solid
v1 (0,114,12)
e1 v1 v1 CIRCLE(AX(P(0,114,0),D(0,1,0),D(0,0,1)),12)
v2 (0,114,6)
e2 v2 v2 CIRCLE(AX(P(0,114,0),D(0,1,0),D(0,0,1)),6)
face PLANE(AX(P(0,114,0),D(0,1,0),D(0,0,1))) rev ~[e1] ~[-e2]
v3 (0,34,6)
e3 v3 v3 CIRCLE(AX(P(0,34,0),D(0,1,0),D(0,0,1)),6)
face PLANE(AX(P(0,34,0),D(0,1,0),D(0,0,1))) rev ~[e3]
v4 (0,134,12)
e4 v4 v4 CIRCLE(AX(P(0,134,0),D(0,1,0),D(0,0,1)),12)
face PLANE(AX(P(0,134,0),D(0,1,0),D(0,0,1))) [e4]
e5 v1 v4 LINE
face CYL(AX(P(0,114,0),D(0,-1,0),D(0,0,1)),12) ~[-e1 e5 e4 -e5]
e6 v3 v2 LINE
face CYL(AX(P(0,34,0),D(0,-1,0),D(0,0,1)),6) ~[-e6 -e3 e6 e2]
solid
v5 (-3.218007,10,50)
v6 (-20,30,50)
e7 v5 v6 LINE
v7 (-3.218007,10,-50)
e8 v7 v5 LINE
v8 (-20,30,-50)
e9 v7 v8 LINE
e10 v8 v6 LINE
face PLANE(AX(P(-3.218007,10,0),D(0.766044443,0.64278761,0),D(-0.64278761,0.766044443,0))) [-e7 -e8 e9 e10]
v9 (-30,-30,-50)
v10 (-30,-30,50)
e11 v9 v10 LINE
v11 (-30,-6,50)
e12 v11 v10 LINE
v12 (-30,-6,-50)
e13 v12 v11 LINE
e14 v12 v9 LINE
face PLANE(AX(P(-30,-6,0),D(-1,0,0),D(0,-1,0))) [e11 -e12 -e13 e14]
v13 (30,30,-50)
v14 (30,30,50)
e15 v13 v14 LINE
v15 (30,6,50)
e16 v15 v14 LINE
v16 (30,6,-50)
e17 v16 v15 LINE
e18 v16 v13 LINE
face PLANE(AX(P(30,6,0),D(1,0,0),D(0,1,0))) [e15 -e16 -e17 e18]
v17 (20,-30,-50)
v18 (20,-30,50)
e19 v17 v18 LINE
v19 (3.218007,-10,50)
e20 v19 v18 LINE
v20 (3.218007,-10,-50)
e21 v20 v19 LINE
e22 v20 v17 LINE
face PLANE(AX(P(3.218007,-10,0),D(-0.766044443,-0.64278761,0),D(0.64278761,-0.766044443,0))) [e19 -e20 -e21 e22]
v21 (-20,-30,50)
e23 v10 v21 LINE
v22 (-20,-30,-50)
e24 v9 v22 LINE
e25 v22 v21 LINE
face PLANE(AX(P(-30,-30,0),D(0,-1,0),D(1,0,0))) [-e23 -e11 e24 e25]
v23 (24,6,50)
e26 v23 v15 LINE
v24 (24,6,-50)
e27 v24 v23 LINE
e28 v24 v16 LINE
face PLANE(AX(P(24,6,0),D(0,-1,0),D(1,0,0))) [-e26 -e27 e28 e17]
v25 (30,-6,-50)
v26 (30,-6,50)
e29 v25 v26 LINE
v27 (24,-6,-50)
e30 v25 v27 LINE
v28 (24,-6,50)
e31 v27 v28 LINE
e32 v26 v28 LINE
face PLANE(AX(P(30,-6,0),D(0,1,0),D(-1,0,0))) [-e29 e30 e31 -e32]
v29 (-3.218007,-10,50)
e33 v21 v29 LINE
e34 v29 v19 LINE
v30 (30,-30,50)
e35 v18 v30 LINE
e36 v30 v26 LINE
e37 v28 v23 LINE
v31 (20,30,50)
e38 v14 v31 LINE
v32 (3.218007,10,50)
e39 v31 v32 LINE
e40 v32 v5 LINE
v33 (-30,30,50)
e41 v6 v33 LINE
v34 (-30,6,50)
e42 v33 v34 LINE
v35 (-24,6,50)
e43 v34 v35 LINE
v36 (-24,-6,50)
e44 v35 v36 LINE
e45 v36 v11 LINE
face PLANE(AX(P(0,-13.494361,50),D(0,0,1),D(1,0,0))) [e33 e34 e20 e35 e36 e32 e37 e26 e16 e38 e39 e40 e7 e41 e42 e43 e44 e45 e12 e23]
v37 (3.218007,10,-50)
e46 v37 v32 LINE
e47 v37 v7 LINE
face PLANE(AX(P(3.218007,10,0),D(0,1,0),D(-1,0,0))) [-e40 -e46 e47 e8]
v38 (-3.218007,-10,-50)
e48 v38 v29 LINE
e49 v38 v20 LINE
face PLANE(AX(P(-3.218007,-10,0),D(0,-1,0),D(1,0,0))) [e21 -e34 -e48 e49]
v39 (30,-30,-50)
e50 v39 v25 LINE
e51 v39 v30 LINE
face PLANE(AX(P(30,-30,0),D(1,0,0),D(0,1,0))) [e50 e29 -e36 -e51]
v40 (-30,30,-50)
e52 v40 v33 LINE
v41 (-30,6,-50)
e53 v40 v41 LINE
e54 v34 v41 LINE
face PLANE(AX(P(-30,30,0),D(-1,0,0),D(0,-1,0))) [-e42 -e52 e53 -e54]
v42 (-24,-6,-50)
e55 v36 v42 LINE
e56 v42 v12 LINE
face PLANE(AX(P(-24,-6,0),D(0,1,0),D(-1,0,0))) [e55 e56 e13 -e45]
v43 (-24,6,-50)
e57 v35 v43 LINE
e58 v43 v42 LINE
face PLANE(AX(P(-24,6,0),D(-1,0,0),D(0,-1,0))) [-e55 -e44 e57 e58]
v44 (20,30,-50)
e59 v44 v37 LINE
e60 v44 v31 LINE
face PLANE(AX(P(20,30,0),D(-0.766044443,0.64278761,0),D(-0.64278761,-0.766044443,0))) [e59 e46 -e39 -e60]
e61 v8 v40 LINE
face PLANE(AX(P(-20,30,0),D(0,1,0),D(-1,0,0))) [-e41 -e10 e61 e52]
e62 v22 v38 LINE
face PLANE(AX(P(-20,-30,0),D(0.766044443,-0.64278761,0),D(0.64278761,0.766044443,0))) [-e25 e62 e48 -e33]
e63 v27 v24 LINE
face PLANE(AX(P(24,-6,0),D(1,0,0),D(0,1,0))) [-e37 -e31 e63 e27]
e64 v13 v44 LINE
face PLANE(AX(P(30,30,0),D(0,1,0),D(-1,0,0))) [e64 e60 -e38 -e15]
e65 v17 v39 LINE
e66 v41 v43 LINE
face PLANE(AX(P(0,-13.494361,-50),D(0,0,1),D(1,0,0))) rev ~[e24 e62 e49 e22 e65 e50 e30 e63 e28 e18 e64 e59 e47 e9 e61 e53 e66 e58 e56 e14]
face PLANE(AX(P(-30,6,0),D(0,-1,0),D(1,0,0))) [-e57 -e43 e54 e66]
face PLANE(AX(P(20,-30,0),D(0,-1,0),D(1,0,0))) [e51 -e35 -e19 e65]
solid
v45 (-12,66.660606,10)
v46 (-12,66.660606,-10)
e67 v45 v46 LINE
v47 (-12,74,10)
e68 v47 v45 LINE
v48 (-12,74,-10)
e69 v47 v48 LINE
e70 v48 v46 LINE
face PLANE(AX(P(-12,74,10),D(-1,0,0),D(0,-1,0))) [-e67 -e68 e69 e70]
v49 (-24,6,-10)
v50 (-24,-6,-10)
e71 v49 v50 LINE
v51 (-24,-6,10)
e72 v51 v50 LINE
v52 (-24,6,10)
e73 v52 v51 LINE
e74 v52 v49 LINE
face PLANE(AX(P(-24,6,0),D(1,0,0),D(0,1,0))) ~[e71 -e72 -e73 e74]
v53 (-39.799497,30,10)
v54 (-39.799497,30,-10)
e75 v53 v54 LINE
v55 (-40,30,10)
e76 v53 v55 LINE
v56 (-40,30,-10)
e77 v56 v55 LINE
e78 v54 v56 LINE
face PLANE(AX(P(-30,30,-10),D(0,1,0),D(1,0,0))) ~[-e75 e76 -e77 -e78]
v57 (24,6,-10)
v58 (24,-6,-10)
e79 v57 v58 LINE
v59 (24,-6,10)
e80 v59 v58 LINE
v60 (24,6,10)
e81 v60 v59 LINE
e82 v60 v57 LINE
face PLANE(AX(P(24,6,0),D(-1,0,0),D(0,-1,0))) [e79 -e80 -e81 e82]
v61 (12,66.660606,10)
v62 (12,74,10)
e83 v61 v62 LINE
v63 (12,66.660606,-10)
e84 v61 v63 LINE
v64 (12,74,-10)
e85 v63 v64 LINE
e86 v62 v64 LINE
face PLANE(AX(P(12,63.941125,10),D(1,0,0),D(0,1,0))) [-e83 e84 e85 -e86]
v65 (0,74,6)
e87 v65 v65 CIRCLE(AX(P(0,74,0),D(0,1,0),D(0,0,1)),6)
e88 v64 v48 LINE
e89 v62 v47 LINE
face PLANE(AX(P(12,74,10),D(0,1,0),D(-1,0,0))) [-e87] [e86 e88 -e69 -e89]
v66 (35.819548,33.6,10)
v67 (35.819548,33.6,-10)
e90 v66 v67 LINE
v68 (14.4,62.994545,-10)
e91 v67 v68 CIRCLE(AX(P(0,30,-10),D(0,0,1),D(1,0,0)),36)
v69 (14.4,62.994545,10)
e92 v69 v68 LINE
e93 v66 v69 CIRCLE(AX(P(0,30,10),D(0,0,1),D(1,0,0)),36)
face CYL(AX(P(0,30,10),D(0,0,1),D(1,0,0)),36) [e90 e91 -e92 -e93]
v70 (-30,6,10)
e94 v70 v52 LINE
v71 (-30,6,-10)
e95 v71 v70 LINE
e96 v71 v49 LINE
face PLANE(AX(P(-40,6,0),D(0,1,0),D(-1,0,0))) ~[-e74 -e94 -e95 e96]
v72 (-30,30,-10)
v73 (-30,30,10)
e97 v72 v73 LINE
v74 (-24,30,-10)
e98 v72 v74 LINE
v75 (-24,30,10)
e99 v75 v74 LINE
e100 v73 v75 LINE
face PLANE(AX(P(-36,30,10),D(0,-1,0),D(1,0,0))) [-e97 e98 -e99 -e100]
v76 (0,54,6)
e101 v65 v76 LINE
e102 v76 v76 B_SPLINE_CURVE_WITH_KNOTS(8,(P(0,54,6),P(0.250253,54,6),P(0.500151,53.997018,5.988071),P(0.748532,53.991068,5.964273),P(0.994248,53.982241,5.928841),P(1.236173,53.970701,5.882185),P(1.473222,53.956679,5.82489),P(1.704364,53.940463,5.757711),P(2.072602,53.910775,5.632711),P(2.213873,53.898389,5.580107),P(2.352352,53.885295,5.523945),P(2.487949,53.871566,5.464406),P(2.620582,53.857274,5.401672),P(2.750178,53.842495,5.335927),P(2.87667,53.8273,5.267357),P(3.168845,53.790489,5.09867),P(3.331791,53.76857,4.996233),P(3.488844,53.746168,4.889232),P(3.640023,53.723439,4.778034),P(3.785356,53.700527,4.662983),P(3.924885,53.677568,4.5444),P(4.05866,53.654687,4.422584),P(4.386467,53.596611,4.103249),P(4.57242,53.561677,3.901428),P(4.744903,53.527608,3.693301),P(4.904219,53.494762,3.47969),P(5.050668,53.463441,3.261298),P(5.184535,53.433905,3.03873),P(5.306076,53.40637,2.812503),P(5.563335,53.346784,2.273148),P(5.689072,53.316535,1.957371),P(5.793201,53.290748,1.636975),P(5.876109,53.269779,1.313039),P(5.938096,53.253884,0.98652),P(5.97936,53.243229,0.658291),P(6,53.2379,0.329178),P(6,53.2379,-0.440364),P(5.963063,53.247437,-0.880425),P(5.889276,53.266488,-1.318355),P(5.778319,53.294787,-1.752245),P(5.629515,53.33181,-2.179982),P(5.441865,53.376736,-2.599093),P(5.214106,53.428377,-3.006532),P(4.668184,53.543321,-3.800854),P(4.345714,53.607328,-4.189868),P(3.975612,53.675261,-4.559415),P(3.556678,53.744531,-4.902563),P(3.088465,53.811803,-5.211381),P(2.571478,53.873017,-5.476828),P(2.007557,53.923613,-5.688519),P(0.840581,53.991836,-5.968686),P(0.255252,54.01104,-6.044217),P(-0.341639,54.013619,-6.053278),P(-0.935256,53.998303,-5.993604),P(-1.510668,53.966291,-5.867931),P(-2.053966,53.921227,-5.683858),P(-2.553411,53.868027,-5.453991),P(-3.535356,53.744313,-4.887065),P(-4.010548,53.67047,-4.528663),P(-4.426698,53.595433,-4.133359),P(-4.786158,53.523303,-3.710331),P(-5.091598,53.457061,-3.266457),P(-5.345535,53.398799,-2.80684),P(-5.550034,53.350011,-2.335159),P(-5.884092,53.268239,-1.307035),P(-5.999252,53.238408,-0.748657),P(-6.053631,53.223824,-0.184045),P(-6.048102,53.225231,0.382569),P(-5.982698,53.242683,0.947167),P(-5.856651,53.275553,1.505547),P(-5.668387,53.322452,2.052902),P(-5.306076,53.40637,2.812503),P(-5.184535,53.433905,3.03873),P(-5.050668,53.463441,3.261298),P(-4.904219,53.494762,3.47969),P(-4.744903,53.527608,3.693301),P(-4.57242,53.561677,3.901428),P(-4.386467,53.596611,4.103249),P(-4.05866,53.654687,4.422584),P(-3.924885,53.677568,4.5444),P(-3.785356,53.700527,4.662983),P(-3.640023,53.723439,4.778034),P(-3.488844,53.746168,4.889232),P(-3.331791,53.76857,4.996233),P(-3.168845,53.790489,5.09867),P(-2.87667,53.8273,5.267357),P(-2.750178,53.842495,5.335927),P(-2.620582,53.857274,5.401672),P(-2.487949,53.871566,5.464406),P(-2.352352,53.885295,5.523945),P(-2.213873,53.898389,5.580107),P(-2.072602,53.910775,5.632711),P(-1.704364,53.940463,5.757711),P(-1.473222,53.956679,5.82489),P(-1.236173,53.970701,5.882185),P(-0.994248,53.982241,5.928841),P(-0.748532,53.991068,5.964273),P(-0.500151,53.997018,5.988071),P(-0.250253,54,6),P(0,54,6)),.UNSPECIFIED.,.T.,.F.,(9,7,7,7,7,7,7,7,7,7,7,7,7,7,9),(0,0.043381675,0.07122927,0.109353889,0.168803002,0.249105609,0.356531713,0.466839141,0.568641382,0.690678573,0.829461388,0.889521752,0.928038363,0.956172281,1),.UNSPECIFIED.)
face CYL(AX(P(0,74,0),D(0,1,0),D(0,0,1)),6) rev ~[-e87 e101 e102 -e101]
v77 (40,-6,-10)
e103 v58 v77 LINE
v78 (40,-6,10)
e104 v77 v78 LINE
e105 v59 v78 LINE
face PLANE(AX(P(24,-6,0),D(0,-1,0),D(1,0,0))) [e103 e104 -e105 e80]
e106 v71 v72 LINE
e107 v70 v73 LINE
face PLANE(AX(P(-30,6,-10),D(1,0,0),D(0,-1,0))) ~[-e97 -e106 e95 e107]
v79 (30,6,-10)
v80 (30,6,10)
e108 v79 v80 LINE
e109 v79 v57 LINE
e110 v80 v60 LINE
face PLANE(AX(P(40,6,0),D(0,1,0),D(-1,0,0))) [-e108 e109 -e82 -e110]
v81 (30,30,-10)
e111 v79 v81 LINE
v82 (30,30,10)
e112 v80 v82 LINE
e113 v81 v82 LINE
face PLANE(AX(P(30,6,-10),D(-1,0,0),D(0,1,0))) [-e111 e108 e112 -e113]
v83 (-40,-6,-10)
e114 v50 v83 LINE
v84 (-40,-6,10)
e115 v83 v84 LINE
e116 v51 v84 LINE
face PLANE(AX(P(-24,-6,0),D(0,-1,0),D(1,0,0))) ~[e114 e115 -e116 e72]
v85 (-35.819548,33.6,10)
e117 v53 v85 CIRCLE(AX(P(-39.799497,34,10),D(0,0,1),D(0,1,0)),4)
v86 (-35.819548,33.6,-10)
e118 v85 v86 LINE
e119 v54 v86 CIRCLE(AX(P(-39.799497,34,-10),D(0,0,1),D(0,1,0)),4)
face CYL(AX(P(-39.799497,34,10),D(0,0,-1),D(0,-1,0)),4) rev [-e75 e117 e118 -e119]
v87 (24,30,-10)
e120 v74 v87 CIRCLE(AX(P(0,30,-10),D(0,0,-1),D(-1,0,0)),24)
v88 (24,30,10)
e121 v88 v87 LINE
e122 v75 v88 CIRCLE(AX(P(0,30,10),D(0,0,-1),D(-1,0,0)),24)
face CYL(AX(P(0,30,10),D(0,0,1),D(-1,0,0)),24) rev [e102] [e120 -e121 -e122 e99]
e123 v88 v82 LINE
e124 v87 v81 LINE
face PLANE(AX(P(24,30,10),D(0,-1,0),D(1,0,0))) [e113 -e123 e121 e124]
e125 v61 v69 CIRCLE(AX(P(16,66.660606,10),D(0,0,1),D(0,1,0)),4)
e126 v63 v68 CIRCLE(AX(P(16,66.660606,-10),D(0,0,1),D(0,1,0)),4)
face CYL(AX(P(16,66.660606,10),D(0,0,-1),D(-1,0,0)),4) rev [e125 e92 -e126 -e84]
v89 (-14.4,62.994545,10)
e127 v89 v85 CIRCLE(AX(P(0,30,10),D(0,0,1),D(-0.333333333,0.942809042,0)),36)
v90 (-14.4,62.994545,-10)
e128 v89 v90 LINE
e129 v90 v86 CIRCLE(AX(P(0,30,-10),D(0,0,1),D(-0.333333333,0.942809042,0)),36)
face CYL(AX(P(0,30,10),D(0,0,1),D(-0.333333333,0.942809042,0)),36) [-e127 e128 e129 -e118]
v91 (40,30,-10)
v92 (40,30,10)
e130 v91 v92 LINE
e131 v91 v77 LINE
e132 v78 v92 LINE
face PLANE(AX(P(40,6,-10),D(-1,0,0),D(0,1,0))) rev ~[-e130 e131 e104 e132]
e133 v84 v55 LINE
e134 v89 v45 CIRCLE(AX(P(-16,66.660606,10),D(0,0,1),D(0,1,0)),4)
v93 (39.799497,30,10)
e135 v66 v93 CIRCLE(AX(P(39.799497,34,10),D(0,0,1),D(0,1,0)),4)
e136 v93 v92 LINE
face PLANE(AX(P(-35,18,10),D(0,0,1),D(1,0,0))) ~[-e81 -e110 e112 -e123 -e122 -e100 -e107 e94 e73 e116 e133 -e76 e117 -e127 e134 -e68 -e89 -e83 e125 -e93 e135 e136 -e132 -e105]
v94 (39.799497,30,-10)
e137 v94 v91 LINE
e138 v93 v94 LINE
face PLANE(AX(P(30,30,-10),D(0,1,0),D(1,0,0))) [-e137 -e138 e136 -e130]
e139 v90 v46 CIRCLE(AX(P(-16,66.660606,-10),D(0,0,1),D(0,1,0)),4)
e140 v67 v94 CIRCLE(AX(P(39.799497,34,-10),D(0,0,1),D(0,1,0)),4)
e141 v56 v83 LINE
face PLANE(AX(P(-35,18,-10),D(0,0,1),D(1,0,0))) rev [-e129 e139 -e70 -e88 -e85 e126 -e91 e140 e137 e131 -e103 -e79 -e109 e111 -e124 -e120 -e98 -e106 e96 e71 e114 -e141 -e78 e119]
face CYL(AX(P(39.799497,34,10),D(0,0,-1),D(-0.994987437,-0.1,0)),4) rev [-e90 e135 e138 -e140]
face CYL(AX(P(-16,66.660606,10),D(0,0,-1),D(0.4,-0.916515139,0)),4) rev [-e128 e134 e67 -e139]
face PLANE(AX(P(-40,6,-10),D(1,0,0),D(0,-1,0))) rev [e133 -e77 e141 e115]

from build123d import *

# Parameters (mm, degrees)
BOSS_EXTRUDE1_DEPTH      = 50
BOSS_EXTRUDE2_DEPTH      = 10
BOSS_EXTRUDE4_START      = -20
SKETCH4_W                = 10
SKETCH4_H                = 24
BOSS_EXTRUDE4_DEPTH      = 20
BOSS_EXTRUDE5_DEPTH      = 20
CUT_EXTRUDE1_REACH       = 124.131
CUT_EXTRUDE1_END_RADIUS  = 24
SKETCH6_R                = 6
FILLET1_R                = 4
BOSS_EXTRUDE6_DEPTH      = 40
BOSS_EXTRUDE6_DEPTH_BACK = 40
SKETCH7_R                = 6
SKETCH8_R                = 12
SKETCH8_R_2              = 6
BOSS_EXTRUDE7_DEPTH      = 20


with BuildPart() as part:
    # Sketch1 → Boss-Extrude1 (new, symmetric)
    with BuildSketch(Plane.XY):
        Polygon((24, 0), (-24, 0), (-24, -6), (-30, -6), (-30, -30), (-20, -30), (-3.218007376, -10), (3.218007376, -10), (20, -30), (30, -30), (30, -6), (24, -6), align=None)
        Polygon((3.218007376, 10), (-3.218007376, 10), (-20, 30), (-30, 30), (-30, 6), (-24, 6), (-24, 0), (24, 0), (24, 6), (30, 6), (30, 30), (20, 30), align=None)
    extrude(amount=BOSS_EXTRUDE1_DEPTH, both=True)


with BuildPart() as body_2:
    # Sketch2 → Boss-Extrude2 (new, symmetric)
    with BuildSketch(Plane.XY):
        Polygon((24, -6), (30, -6), (40, -6), (40, 6), (30, 6), (24, 6), align=None)
    extrude(amount=BOSS_EXTRUDE2_DEPTH, both=True)

    # Sketch4 → Boss-Extrude4 (add)
    with BuildSketch(Plane.XY.offset(10).offset(BOSS_EXTRUDE4_START)):
        with Locations((35, 18)):
            Rectangle(SKETCH4_W, SKETCH4_H)
    extrude(amount=BOSS_EXTRUDE4_DEPTH)


with BuildPart() as body_3:
    # Mirror2: mirrored copy
    add(body_2.part.mirror(Plane(origin=(0, 0, 0), x_dir=(0, 0, 1), z_dir=(1, 0, 0))))


with BuildPart() as body_2_1:
    add(body_2.part)

    # Sketch5 → Boss-Extrude5 (add)
    with BuildSketch(Plane.XY.offset(10)):
        with BuildLine():
            ThreePointArc((-12, 63.941125497), (-29.393876913, 50.784609691), (-36, 30))
            Line((-36, 30), (-30, 30))
            Line((-30, 30), (-24, 30))
            ThreePointArc((-24, 30), (0, 54), (24, 30))
            Line((24, 30), (30, 30))
            Line((30, 30), (36, 30))
            ThreePointArc((36, 30), (29.393876913, 50.784609691), (12, 63.941125497))
            Line((12, 63.941125497), (12, 74))
            Line((12, 74), (-12, 74))
            Line((-12, 74), (-12, 63.941125497))
        make_face()
    extrude(amount=-BOSS_EXTRUDE5_DEPTH)

    # Combine2: union body 3
    add(body_3.part)

    # Cut-Extrude1: up to this cylinder (the profile starts outside it)
    cut_extrude1_end = Plane(origin=(0, 30, 0), z_dir=(0, 0, 1)) * Cylinder(CUT_EXTRUDE1_END_RADIUS, 297.262, mode=Mode.PRIVATE)
    # Sketch6 → Cut-Extrude1 (cut, up to the surface)
    with BuildSketch(Plane(origin=(0, 74, 0), x_dir=(1, 0, 0), z_dir=(0, 1, 0)), mode=Mode.PRIVATE) as cut_extrude1_sk1:
        with Locations(Location((0, 0, 0), (0, 0, 270))):
            Circle(SKETCH6_R)
    cut_extrude1_tool1 = extrude(cut_extrude1_sk1.sketch, amount=-CUT_EXTRUDE1_REACH, mode=Mode.PRIVATE) - cut_extrude1_end
    add(cut_extrude1_tool1.solids().sort_by_distance((0, 74, 0))[0], mode=Mode.SUBTRACT)

    # Fillet1
    fillet1_edges = [body_2_1.edges().sort_by_distance(p)[0] for p in [
        (36, 30, 0),
        (-12, 63.941125497, 0),
        (12, 63.941125497, 0),
        (-36, 30, 0),
    ]]
    fillet(fillet1_edges, radius=FILLET1_R)


with BuildPart() as body_3_2:
    # Sketch7 → Boss-Extrude6 (new, two sides: drawn at the far end of the back side and taken through both)
    with BuildSketch(Plane(origin=(0, 74, 0), x_dir=(1, 0, 0), z_dir=(0, 1, 0)).offset(-BOSS_EXTRUDE6_DEPTH_BACK)):
        with Locations(Location((0, 0, 0), (0, 0, 270))):
            Circle(SKETCH7_R)
    extrude(amount=BOSS_EXTRUDE6_DEPTH + BOSS_EXTRUDE6_DEPTH_BACK)

    # Sketch8 → Boss-Extrude7 (add)
    # profile 1 of 2: a face of its own
    with BuildSketch(Plane(origin=(0, 114, 0), x_dir=(1, 0, 0), z_dir=(0, 1, 0))):
        with Locations(Location((0, 0, 0), (0, 0, 270))):
            Circle(SKETCH8_R)
        with Locations(Location((0, 0, 0), (0, 0, 270))):
            Circle(SKETCH8_R_2, mode=Mode.SUBTRACT)
    # profile 2 of 2: a face of its own
    with BuildSketch(Plane(origin=(0, 114, 0), x_dir=(1, 0, 0), z_dir=(0, 1, 0))):
        with Locations(Location((0, 0, 0), (0, 0, 270))):
            Circle(SKETCH8_R_2)
    extrude(amount=BOSS_EXTRUDE7_DEPTH)


solid = Compound([part.part, body_2_1.part, body_3_2.part])
